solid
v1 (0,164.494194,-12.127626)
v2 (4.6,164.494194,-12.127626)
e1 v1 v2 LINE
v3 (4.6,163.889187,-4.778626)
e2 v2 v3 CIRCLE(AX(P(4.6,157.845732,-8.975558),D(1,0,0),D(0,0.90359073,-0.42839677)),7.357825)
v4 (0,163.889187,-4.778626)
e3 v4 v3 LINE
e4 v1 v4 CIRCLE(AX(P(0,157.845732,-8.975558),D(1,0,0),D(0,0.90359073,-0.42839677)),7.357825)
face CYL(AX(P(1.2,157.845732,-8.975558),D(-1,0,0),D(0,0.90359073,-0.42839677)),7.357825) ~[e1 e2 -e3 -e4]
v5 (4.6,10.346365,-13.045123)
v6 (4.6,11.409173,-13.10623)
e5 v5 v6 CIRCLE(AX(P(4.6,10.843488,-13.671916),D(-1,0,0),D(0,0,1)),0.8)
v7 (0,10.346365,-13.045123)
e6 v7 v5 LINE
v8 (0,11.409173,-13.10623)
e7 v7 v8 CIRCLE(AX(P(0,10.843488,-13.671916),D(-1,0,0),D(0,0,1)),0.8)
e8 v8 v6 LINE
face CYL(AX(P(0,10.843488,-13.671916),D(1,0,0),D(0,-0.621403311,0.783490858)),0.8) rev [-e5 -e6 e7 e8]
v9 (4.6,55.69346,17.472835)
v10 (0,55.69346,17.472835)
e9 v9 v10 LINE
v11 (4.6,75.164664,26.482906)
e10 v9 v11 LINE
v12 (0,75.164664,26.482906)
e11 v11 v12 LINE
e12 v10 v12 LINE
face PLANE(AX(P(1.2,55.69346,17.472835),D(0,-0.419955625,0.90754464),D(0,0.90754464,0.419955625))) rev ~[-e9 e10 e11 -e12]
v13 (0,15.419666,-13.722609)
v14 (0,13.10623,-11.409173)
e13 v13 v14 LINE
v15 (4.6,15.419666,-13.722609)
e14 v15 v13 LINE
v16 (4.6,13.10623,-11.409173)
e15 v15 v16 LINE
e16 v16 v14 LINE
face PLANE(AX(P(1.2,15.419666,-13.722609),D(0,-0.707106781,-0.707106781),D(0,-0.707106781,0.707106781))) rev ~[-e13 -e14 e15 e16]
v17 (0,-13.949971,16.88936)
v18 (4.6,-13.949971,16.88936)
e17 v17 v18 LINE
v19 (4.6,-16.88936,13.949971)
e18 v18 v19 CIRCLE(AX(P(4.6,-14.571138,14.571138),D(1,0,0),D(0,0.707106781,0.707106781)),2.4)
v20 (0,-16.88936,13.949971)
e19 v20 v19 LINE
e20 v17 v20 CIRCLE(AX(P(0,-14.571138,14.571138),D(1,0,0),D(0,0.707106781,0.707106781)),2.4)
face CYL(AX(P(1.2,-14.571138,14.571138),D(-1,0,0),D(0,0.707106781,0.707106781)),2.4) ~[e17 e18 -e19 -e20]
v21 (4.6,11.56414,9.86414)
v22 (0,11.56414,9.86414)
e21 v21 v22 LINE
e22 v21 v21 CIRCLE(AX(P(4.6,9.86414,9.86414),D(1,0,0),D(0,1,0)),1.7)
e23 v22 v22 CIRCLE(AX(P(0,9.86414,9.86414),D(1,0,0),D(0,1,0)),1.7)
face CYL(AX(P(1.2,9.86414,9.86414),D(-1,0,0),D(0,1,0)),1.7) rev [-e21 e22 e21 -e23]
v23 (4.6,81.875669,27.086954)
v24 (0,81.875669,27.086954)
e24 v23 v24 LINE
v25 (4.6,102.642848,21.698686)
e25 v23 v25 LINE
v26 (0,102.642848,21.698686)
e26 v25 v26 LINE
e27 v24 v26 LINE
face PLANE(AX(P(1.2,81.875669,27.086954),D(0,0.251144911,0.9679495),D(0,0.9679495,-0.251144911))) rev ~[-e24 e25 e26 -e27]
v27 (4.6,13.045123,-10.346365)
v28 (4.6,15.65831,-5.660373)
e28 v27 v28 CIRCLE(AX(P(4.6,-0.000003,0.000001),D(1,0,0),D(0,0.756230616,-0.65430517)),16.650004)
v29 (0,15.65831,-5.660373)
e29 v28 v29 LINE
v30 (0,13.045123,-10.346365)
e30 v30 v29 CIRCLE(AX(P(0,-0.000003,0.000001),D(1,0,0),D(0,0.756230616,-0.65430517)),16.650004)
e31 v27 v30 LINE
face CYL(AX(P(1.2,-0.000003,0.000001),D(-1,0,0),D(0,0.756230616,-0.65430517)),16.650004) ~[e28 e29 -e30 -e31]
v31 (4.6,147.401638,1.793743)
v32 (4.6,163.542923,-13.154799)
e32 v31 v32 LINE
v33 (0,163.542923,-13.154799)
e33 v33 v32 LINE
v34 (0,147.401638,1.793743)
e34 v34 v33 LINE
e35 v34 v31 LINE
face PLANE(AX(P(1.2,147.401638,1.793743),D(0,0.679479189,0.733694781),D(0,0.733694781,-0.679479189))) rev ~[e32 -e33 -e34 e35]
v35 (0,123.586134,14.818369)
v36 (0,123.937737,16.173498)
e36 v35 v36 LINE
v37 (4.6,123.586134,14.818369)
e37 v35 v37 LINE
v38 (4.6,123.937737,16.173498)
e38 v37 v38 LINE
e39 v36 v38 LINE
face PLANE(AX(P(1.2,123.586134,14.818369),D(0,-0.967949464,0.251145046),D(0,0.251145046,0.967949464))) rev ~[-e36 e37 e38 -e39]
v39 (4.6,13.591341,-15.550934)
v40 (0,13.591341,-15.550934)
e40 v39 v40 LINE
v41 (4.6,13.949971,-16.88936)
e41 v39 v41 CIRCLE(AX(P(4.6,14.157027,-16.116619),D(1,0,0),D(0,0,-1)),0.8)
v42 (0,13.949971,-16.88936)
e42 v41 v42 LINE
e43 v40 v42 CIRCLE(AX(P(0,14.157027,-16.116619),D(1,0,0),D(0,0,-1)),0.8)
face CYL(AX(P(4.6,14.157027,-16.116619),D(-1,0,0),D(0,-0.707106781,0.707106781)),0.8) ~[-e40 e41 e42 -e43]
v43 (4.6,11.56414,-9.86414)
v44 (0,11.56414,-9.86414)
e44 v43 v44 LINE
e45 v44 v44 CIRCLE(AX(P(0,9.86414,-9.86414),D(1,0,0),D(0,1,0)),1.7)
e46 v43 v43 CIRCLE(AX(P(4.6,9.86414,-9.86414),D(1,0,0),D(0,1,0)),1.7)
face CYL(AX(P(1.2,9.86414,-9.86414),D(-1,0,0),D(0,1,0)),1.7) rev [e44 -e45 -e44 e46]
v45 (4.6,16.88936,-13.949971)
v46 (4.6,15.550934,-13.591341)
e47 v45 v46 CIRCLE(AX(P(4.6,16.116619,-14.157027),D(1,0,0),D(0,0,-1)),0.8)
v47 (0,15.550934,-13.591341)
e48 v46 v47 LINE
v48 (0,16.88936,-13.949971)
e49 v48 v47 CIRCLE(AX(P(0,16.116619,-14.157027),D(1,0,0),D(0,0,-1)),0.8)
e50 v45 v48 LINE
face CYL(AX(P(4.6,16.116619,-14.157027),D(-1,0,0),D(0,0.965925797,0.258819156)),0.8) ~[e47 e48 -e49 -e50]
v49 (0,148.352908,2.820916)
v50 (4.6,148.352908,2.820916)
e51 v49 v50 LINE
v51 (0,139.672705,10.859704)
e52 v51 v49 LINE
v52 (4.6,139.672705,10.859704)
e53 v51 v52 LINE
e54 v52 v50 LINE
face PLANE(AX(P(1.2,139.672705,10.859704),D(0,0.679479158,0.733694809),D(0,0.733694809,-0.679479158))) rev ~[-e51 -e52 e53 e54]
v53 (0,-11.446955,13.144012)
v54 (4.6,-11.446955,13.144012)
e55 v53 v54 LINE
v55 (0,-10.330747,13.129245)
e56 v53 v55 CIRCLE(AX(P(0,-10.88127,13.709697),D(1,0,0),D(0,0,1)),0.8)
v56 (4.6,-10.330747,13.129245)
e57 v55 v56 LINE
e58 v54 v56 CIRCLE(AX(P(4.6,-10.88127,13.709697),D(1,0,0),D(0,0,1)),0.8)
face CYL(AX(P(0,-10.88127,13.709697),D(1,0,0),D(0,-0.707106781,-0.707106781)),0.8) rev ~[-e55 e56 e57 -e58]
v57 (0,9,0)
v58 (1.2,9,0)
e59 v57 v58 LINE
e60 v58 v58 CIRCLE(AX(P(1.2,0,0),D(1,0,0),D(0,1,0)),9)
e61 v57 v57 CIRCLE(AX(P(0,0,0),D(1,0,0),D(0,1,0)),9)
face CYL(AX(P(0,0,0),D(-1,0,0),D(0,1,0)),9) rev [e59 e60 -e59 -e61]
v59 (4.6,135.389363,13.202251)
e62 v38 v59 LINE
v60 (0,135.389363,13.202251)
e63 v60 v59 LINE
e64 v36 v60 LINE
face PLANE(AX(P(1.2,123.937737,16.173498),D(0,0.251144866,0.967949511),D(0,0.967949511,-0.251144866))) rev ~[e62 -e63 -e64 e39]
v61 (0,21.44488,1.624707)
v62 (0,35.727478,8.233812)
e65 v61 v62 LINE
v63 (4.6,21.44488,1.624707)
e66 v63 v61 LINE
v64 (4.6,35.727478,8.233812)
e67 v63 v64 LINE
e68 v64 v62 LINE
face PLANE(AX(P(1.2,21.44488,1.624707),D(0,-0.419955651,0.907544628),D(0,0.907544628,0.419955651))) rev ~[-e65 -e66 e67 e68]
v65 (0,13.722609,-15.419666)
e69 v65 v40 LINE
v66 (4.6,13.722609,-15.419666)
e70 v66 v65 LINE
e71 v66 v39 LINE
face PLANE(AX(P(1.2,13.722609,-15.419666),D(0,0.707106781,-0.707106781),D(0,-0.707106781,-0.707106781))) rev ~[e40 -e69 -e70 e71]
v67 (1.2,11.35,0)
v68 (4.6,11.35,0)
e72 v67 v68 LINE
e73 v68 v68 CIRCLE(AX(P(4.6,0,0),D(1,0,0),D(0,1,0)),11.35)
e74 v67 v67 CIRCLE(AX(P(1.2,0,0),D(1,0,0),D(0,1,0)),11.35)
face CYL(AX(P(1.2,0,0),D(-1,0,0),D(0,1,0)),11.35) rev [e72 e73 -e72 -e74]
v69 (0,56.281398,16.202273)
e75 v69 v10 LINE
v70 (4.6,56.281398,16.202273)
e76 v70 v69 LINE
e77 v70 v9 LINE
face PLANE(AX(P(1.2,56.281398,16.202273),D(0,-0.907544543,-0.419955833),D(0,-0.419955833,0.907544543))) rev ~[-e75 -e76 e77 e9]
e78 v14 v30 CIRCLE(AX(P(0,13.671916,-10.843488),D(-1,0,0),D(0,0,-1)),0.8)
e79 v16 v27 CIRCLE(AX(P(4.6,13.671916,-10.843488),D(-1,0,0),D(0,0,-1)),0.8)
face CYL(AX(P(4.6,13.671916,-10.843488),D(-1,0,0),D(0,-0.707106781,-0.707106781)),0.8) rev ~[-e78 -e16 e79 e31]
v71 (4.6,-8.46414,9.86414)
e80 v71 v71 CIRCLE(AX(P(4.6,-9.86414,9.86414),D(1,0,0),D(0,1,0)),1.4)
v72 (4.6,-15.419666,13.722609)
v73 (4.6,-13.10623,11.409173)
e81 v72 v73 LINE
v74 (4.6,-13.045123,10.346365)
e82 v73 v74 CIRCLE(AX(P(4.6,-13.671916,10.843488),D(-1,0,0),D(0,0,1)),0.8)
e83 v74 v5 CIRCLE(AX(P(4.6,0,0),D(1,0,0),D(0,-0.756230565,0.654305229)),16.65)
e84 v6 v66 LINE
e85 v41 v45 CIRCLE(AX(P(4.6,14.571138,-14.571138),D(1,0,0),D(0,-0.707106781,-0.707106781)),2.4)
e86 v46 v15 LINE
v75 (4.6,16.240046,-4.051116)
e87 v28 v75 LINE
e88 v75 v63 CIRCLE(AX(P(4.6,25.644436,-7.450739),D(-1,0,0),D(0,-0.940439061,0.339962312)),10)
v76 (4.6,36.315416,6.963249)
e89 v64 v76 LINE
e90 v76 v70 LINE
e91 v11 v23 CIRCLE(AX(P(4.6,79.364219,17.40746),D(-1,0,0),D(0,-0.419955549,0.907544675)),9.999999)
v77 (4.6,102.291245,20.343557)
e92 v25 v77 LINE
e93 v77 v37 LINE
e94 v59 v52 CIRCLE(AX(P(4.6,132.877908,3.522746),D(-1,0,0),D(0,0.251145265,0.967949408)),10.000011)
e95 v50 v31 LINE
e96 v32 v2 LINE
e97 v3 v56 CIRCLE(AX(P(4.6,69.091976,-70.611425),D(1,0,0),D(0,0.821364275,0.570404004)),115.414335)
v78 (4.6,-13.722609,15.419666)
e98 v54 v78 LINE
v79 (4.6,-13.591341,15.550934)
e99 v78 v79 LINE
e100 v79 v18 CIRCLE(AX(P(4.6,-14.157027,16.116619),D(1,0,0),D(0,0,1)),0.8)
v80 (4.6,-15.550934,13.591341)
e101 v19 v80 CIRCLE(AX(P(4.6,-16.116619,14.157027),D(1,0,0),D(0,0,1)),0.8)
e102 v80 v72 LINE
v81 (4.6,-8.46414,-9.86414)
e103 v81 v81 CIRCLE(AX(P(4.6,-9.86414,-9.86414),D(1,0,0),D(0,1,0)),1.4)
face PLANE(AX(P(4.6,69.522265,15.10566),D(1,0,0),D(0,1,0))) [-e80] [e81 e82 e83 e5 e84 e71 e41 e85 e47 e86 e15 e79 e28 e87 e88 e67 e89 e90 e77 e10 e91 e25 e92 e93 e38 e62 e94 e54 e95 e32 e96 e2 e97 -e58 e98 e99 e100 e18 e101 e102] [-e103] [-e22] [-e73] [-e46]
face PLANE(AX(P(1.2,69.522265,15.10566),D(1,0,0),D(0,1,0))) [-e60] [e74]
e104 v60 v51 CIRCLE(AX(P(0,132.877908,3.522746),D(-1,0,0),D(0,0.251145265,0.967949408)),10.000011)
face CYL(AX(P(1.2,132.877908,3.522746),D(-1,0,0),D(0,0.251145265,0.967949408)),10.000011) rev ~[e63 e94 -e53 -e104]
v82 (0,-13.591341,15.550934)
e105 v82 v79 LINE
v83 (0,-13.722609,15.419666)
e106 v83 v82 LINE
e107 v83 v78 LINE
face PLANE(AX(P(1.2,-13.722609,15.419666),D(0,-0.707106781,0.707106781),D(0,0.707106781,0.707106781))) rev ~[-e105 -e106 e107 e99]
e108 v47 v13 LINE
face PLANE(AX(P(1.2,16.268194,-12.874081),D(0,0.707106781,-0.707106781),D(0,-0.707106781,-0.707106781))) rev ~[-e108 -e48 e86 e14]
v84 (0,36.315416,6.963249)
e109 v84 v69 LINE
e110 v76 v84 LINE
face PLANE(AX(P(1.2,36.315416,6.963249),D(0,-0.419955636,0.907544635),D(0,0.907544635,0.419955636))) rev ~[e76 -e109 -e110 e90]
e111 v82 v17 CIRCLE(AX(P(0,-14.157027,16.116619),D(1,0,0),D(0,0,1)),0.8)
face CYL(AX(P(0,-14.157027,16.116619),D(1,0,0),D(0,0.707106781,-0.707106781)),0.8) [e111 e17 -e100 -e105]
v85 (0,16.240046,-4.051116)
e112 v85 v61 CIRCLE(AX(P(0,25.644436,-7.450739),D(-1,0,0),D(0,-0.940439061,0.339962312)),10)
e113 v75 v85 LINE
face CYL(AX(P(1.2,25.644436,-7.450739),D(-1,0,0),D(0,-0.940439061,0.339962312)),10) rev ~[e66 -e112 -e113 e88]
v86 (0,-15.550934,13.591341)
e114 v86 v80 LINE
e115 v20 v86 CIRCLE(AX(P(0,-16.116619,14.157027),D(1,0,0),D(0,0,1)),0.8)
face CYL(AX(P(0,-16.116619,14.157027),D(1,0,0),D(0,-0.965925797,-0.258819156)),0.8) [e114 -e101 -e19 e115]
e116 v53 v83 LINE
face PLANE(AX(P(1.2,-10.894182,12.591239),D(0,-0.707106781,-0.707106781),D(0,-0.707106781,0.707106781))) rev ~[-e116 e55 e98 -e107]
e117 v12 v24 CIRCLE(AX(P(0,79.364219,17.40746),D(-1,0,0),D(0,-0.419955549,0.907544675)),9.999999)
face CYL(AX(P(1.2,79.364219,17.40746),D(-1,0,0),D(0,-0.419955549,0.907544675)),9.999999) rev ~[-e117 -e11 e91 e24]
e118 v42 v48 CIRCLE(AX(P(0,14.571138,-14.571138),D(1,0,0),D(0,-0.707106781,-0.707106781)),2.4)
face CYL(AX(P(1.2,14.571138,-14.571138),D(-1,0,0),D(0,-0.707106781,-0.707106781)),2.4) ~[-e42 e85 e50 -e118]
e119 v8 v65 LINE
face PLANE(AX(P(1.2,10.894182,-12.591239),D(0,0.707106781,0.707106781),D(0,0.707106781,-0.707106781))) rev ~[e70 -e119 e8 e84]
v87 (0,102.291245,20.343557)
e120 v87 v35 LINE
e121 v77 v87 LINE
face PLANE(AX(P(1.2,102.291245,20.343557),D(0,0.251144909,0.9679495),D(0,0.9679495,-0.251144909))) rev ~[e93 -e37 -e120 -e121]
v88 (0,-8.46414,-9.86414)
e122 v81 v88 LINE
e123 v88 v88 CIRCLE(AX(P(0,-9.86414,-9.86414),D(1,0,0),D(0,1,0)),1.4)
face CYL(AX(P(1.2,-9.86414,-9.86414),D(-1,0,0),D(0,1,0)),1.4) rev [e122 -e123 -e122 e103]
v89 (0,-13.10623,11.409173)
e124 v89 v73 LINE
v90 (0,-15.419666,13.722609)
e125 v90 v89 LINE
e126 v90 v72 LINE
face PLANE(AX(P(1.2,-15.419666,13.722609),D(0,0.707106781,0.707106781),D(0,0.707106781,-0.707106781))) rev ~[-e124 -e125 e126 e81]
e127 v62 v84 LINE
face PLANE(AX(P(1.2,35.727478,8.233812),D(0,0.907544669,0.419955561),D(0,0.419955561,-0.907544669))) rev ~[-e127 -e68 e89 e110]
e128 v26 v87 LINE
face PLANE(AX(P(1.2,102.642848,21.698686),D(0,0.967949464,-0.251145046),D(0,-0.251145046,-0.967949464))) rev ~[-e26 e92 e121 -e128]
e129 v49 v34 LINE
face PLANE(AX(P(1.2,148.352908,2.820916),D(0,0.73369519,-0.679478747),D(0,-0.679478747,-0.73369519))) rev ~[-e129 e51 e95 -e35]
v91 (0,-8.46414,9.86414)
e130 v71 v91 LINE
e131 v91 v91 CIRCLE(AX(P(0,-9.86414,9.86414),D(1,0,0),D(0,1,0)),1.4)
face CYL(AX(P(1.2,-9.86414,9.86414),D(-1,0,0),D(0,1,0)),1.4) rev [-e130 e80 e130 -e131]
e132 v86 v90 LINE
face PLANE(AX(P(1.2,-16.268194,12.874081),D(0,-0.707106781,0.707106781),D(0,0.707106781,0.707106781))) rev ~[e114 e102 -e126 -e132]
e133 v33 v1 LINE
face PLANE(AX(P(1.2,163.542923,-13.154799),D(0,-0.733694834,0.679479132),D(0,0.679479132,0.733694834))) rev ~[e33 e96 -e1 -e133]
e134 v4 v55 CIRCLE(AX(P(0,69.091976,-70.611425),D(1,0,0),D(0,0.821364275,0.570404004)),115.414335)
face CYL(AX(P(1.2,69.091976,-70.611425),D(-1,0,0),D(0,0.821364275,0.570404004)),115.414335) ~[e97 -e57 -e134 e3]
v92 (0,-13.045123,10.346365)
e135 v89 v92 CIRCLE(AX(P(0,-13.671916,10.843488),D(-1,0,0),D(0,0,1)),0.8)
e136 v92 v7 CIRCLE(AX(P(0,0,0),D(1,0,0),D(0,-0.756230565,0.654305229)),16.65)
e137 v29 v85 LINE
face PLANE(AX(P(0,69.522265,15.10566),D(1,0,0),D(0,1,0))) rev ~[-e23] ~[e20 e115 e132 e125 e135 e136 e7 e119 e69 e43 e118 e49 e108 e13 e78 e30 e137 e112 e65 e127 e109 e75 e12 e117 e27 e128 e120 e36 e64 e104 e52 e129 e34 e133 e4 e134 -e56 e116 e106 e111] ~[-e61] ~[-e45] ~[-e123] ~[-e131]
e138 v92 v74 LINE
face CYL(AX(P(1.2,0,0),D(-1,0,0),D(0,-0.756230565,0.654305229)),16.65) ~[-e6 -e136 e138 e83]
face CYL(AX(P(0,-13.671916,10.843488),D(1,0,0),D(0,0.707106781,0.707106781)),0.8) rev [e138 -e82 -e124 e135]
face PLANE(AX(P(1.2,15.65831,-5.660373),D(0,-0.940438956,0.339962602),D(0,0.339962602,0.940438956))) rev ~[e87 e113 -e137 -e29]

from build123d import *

# Parameters (mm, degrees)
F0_R     = 1.4
F0_R_2   = 1.7
F0_R_3   = 9
F1_DEPTH = 1.2
F2_R     = 1.4
F2_R_2   = 1.7
F2_R_3   = 11.35
F3_DEPTH = 3.4
F4_R     = 0.8


with BuildPart() as f1:
    # F0 (on Right) → F1 (new body)
    with BuildSketch(Plane.YZ):
        with BuildLine():
            Line((36.315416, 6.963249), (56.281398, 16.202273))
            Line((56.281398, 16.202273), (55.69346, 17.472835))
            Line((55.69346, 17.472835), (75.164664, 26.482906))
            ThreePointArc((75.164664, 26.482906), (78.467758, 27.367196), (81.875669, 27.086954))
            Line((81.875669, 27.086954), (102.642848, 21.698686))
            Line((102.642848, 21.698686), (102.291245, 20.343557))
            Line((102.291245, 20.343557), (123.586134, 14.818369))
            Line((123.586134, 14.818369), (123.937737, 16.173498))
            Line((123.937737, 16.173498), (135.389363, 13.202251))
            ThreePointArc((135.389363, 13.202251), (137.676185, 12.296386), (139.672705, 10.859704))
            Line((139.672705, 10.859704), (148.352908, 2.820916))
            Line((148.352908, 2.820916), (147.401638, 1.793743))
            Line((147.401638, 1.793743), (163.542923, -13.154799))
            Line((163.542923, -13.154799), (164.494194, -12.127626))
            ThreePointArc((164.494194, -12.127626), (165.178749, -8.371866), (163.889187, -4.778626))
            ThreePointArc((163.889187, -4.778626), (80.505559, 44.237166), (-10.894182, 12.591239))
            Line((-10.894182, 12.591239), (-13.722609, 15.419666))
            Line((-13.722609, 15.419666), (-12.874081, 16.268194))
            ThreePointArc((-12.874081, 16.268194), (-16.268194, 16.268194), (-16.268194, 12.874081))
            Line((-16.268194, 12.874081), (-15.419666, 13.722609))
            Line((-15.419666, 13.722609), (-12.591239, 10.894182))
            ThreePointArc((-12.591239, 10.894182), (-11.773328, -11.773328), (10.894182, -12.591239))
            Line((10.894182, -12.591239), (13.722609, -15.419666))
            Line((13.722609, -15.419666), (12.874081, -16.268194))
            ThreePointArc((12.874081, -16.268194), (16.268194, -16.268194), (16.268194, -12.874081))
            Line((16.268194, -12.874081), (15.419666, -13.722609))
            Line((15.419666, -13.722609), (12.591239, -10.894182))
            ThreePointArc((12.591239, -10.894182), (14.365147, -8.418138), (15.65831, -5.660373))
            Line((15.65831, -5.660373), (16.240046, -4.051116))
            ThreePointArc((16.240046, -4.051116), (18.274186, -0.692085), (21.44488, 1.624707))
            Line((21.44488, 1.624707), (35.727478, 8.233812))
            Line((35.727478, 8.233812), (36.315416, 6.963249))
        make_face()
        with Locations((-9.86414, -9.86414)):
            Circle(F0_R, mode=Mode.SUBTRACT)
        with Locations((9.86414, -9.86414)):
            Circle(F0_R_2, mode=Mode.SUBTRACT)
        Circle(F0_R_3, mode=Mode.SUBTRACT)
        with Locations((-9.86414, 9.86414)):
            Circle(F0_R, mode=Mode.SUBTRACT)
        with Locations((9.86414, 9.86414)):
            Circle(F0_R_2, mode=Mode.SUBTRACT)
    extrude(amount=F1_DEPTH)

    # F2 (on face) → F3 (join)
    with BuildSketch(Plane.YZ.offset(1.2)):
        with BuildLine():
            Line((102.291245, 20.343557), (123.586134, 14.818369))
            Line((123.586134, 14.818369), (123.937737, 16.173498))
            Line((123.937737, 16.173498), (135.389363, 13.202251))
            ThreePointArc((135.389363, 13.202251), (137.676185, 12.296386), (139.672705, 10.859704))
            Line((139.672705, 10.859704), (148.352908, 2.820916))
            Line((148.352908, 2.820916), (147.401638, 1.793743))
            Line((147.401638, 1.793743), (163.542923, -13.154799))
            Line((163.542923, -13.154799), (164.494194, -12.127626))
            ThreePointArc((164.494194, -12.127626), (165.178749, -8.371866), (163.889187, -4.778626))
            ThreePointArc((163.889187, -4.778626), (80.505559, 44.237166), (-10.894182, 12.591239))
            Line((-10.894182, 12.591239), (-13.722609, 15.419666))
            Line((-13.722609, 15.419666), (-12.874081, 16.268194))
            ThreePointArc((-12.874081, 16.268194), (-16.268194, 16.268194), (-16.268194, 12.874081))
            Line((-16.268194, 12.874081), (-15.419666, 13.722609))
            Line((-15.419666, 13.722609), (-12.591239, 10.894182))
            ThreePointArc((-12.591239, 10.894182), (-11.773328, -11.773328), (10.894182, -12.591239))
            Line((10.894182, -12.591239), (13.722609, -15.419666))
            Line((13.722609, -15.419666), (12.874081, -16.268194))
            ThreePointArc((12.874081, -16.268194), (16.268194, -16.268194), (16.268194, -12.874081))
            Line((16.268194, -12.874081), (15.419666, -13.722609))
            Line((15.419666, -13.722609), (12.591239, -10.894182))
            ThreePointArc((12.591239, -10.894182), (14.365147, -8.418138), (15.65831, -5.660373))
            Line((15.65831, -5.660373), (16.240046, -4.051116))
            ThreePointArc((16.240046, -4.051116), (18.274186, -0.692085), (21.44488, 1.624707))
            Line((21.44488, 1.624707), (35.727478, 8.233812))
            Line((35.727478, 8.233812), (36.315416, 6.963249))
            Line((36.315416, 6.963249), (56.281398, 16.202273))
            Line((56.281398, 16.202273), (55.69346, 17.472835))
            Line((55.69346, 17.472835), (75.164664, 26.482906))
            ThreePointArc((75.164664, 26.482906), (78.467758, 27.367196), (81.875669, 27.086954))
            Line((81.875669, 27.086954), (102.642848, 21.698686))
            Line((102.642848, 21.698686), (102.291245, 20.343557))
        make_face()
        with Locations((-9.86414, -9.86414)):
            Circle(F2_R, mode=Mode.SUBTRACT)
        with Locations((9.86414, -9.86414)):
            Circle(F2_R_2, mode=Mode.SUBTRACT)
        Circle(F2_R_3, mode=Mode.SUBTRACT)
        with Locations((-9.86414, 9.86414)):
            Circle(F2_R, mode=Mode.SUBTRACT)
        with Locations((9.86414, 9.86414)):
            Circle(F2_R_2, mode=Mode.SUBTRACT)
    extrude(amount=F3_DEPTH)

    # F4
    f4_edges = [f1.edges().sort_by_distance(p)[0] for p in [
        (2.3, 12.874081, -16.268194),
        (2.3, -16.268194, 12.874081),
        (2.3, -12.874081, 16.268194),
        (2.3, 10.894182, -12.591239),
        (2.3, 12.591239, -10.894182),
        (2.3, 16.268194, -12.874081),
        (2.3, -10.894182, 12.591239),
        (2.3, -12.591239, 10.894182),
    ]]
    fillet(f4_edges, radius=F4_R)


solid = f1.part
